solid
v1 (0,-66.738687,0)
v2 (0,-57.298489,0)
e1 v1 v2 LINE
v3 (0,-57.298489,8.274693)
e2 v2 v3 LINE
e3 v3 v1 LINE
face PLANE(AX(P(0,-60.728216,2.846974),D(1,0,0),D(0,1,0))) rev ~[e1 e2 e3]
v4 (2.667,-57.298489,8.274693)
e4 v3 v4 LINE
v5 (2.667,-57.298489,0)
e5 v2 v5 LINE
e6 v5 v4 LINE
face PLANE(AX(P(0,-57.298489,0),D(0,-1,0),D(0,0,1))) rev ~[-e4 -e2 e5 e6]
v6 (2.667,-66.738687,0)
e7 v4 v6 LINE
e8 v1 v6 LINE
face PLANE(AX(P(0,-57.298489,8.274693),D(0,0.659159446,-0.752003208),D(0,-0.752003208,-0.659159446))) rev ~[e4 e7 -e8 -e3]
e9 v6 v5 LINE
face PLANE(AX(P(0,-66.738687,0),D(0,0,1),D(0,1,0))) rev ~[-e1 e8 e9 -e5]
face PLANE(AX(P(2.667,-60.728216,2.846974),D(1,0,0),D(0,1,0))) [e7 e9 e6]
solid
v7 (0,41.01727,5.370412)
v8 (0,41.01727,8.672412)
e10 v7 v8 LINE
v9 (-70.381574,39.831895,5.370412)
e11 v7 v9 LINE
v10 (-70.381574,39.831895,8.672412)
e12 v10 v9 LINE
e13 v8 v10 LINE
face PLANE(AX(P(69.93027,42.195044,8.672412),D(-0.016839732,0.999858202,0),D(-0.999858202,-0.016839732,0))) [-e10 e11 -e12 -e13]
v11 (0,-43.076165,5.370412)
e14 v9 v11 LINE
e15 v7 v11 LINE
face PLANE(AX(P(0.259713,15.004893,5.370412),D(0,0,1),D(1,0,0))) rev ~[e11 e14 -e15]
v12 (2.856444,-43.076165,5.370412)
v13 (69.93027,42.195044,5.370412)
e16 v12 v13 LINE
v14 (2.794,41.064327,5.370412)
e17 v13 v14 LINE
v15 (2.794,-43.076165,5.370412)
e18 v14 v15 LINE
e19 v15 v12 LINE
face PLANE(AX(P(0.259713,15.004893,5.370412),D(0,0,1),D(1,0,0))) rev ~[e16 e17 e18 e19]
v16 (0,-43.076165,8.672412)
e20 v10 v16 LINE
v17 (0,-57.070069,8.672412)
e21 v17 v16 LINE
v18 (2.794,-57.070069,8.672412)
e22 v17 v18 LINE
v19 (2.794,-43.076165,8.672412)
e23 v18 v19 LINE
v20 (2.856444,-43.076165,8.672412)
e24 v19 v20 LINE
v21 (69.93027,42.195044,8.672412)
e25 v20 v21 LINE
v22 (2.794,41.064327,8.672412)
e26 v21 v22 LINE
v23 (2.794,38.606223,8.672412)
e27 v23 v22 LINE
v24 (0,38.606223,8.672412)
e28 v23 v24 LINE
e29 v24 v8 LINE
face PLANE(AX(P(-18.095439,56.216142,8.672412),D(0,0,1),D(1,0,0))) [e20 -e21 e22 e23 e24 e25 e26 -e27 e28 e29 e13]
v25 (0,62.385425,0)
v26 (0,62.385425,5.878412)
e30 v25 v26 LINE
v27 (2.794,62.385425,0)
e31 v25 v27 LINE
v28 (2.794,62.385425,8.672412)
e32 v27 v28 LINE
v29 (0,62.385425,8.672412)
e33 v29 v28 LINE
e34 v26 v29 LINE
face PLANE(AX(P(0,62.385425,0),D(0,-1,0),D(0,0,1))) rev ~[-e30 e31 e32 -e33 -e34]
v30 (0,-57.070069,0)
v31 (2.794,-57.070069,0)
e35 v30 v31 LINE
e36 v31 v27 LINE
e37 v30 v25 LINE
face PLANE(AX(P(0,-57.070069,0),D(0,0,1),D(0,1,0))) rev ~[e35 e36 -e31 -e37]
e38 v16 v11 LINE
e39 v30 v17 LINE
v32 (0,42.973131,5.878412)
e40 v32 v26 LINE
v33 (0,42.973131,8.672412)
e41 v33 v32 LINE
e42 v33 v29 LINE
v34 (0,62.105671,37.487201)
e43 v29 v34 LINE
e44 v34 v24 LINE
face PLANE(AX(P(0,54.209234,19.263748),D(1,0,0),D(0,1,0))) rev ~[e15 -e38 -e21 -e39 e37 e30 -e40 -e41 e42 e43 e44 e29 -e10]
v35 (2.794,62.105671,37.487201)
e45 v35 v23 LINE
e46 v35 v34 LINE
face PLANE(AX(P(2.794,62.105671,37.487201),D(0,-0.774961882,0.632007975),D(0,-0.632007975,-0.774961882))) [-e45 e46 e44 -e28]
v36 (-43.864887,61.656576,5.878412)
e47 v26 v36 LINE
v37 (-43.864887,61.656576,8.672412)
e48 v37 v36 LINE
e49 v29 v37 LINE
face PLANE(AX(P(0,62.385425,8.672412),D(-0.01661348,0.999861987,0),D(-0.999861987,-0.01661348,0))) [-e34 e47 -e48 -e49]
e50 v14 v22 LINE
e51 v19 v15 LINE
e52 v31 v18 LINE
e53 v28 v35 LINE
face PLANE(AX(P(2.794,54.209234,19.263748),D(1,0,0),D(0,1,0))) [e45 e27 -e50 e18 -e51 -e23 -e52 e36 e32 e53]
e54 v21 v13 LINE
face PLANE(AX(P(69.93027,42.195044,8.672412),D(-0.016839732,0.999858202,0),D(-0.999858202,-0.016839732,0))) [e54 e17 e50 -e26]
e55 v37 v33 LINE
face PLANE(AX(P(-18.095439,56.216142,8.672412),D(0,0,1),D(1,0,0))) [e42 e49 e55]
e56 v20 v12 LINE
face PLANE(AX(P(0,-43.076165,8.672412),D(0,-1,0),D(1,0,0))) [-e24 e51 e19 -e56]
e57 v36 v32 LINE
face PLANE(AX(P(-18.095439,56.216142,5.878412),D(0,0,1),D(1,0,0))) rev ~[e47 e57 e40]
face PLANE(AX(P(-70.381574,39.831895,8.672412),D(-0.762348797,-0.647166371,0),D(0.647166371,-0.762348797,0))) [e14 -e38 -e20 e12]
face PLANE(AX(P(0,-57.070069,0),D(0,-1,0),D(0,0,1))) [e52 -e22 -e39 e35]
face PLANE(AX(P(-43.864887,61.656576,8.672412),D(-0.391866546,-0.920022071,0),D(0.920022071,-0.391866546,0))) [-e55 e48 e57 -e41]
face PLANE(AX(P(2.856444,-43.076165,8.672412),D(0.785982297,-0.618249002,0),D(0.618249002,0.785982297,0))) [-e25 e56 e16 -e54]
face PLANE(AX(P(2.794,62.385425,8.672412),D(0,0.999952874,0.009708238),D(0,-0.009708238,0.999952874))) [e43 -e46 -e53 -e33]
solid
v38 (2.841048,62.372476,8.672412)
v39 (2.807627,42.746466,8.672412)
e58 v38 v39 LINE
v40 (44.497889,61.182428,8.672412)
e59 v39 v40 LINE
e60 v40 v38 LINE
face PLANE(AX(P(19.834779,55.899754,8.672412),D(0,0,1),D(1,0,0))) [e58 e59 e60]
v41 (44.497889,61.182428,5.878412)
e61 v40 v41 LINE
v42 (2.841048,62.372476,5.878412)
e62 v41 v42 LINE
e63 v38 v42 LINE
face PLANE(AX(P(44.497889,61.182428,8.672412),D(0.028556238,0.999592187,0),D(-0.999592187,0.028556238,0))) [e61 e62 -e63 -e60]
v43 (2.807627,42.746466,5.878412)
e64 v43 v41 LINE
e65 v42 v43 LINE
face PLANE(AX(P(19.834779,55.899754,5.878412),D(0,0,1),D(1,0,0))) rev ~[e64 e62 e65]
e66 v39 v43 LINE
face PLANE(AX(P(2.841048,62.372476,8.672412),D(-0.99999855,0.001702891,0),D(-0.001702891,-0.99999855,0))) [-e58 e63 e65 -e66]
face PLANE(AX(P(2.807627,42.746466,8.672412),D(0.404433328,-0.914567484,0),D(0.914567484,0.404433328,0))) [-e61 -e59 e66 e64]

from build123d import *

# Parameters (mm, degrees)
F0_W      = 119.455494
F0_H      = 8.672412
F2_DEPTH  = 2.794
F3_DEPTH  = 2.667
F8_DEPTH  = 3.302
F9_DEPTH  = 2.794
F10_DEPTH = 2.794


with BuildPart() as f2:
    # F0 (on Right) → F2 (new body)
    with BuildSketch(Plane.YZ):
        with Locations((2.657678, 4.336206)):
            Rectangle(F0_W, F0_H)
    extrude(amount=F2_DEPTH)

    # F7 (on face) → F8 (join)
    with BuildSketch(Plane.XY.offset(8.672412)):
        Polygon((0, -43.076165), (2.856444, -43.076165), (69.93027, 42.195044), (-70.381574, 39.831895), align=None)
    extrude(amount=-F8_DEPTH)

    # F6 (on face) + F4 (on face) → F9 (join)
    with BuildSketch(Plane.XY.offset(8.672412)):
        Polygon((2.841048, 62.372476), (2.807627, 42.746466), (44.497889, 61.182428), align=None)
    with BuildSketch(Plane.XY.offset(8.672412)):
        Polygon((-43.864887, 61.656576), (0, 42.973131), (0, 62.385425), align=None)
    extrude(amount=-F9_DEPTH)

    # F5 (on face) → F10 (join)
    with BuildSketch(Plane.YZ.offset(2.794)):
        Polygon((62.105671, 37.487201), (38.606223, 8.672412), (62.385425, 8.672412), align=None)
    extrude(amount=-F10_DEPTH)


with BuildPart() as f3:
    # F1 (on Right) → F3 (new body)
    with BuildSketch(Plane.YZ):
        Polygon((-57.298489, 0), (-57.298489, 8.274693), (-66.738687, 0), align=None)
    extrude(amount=F3_DEPTH)


solid = Compound([f2.part, f3.part])
